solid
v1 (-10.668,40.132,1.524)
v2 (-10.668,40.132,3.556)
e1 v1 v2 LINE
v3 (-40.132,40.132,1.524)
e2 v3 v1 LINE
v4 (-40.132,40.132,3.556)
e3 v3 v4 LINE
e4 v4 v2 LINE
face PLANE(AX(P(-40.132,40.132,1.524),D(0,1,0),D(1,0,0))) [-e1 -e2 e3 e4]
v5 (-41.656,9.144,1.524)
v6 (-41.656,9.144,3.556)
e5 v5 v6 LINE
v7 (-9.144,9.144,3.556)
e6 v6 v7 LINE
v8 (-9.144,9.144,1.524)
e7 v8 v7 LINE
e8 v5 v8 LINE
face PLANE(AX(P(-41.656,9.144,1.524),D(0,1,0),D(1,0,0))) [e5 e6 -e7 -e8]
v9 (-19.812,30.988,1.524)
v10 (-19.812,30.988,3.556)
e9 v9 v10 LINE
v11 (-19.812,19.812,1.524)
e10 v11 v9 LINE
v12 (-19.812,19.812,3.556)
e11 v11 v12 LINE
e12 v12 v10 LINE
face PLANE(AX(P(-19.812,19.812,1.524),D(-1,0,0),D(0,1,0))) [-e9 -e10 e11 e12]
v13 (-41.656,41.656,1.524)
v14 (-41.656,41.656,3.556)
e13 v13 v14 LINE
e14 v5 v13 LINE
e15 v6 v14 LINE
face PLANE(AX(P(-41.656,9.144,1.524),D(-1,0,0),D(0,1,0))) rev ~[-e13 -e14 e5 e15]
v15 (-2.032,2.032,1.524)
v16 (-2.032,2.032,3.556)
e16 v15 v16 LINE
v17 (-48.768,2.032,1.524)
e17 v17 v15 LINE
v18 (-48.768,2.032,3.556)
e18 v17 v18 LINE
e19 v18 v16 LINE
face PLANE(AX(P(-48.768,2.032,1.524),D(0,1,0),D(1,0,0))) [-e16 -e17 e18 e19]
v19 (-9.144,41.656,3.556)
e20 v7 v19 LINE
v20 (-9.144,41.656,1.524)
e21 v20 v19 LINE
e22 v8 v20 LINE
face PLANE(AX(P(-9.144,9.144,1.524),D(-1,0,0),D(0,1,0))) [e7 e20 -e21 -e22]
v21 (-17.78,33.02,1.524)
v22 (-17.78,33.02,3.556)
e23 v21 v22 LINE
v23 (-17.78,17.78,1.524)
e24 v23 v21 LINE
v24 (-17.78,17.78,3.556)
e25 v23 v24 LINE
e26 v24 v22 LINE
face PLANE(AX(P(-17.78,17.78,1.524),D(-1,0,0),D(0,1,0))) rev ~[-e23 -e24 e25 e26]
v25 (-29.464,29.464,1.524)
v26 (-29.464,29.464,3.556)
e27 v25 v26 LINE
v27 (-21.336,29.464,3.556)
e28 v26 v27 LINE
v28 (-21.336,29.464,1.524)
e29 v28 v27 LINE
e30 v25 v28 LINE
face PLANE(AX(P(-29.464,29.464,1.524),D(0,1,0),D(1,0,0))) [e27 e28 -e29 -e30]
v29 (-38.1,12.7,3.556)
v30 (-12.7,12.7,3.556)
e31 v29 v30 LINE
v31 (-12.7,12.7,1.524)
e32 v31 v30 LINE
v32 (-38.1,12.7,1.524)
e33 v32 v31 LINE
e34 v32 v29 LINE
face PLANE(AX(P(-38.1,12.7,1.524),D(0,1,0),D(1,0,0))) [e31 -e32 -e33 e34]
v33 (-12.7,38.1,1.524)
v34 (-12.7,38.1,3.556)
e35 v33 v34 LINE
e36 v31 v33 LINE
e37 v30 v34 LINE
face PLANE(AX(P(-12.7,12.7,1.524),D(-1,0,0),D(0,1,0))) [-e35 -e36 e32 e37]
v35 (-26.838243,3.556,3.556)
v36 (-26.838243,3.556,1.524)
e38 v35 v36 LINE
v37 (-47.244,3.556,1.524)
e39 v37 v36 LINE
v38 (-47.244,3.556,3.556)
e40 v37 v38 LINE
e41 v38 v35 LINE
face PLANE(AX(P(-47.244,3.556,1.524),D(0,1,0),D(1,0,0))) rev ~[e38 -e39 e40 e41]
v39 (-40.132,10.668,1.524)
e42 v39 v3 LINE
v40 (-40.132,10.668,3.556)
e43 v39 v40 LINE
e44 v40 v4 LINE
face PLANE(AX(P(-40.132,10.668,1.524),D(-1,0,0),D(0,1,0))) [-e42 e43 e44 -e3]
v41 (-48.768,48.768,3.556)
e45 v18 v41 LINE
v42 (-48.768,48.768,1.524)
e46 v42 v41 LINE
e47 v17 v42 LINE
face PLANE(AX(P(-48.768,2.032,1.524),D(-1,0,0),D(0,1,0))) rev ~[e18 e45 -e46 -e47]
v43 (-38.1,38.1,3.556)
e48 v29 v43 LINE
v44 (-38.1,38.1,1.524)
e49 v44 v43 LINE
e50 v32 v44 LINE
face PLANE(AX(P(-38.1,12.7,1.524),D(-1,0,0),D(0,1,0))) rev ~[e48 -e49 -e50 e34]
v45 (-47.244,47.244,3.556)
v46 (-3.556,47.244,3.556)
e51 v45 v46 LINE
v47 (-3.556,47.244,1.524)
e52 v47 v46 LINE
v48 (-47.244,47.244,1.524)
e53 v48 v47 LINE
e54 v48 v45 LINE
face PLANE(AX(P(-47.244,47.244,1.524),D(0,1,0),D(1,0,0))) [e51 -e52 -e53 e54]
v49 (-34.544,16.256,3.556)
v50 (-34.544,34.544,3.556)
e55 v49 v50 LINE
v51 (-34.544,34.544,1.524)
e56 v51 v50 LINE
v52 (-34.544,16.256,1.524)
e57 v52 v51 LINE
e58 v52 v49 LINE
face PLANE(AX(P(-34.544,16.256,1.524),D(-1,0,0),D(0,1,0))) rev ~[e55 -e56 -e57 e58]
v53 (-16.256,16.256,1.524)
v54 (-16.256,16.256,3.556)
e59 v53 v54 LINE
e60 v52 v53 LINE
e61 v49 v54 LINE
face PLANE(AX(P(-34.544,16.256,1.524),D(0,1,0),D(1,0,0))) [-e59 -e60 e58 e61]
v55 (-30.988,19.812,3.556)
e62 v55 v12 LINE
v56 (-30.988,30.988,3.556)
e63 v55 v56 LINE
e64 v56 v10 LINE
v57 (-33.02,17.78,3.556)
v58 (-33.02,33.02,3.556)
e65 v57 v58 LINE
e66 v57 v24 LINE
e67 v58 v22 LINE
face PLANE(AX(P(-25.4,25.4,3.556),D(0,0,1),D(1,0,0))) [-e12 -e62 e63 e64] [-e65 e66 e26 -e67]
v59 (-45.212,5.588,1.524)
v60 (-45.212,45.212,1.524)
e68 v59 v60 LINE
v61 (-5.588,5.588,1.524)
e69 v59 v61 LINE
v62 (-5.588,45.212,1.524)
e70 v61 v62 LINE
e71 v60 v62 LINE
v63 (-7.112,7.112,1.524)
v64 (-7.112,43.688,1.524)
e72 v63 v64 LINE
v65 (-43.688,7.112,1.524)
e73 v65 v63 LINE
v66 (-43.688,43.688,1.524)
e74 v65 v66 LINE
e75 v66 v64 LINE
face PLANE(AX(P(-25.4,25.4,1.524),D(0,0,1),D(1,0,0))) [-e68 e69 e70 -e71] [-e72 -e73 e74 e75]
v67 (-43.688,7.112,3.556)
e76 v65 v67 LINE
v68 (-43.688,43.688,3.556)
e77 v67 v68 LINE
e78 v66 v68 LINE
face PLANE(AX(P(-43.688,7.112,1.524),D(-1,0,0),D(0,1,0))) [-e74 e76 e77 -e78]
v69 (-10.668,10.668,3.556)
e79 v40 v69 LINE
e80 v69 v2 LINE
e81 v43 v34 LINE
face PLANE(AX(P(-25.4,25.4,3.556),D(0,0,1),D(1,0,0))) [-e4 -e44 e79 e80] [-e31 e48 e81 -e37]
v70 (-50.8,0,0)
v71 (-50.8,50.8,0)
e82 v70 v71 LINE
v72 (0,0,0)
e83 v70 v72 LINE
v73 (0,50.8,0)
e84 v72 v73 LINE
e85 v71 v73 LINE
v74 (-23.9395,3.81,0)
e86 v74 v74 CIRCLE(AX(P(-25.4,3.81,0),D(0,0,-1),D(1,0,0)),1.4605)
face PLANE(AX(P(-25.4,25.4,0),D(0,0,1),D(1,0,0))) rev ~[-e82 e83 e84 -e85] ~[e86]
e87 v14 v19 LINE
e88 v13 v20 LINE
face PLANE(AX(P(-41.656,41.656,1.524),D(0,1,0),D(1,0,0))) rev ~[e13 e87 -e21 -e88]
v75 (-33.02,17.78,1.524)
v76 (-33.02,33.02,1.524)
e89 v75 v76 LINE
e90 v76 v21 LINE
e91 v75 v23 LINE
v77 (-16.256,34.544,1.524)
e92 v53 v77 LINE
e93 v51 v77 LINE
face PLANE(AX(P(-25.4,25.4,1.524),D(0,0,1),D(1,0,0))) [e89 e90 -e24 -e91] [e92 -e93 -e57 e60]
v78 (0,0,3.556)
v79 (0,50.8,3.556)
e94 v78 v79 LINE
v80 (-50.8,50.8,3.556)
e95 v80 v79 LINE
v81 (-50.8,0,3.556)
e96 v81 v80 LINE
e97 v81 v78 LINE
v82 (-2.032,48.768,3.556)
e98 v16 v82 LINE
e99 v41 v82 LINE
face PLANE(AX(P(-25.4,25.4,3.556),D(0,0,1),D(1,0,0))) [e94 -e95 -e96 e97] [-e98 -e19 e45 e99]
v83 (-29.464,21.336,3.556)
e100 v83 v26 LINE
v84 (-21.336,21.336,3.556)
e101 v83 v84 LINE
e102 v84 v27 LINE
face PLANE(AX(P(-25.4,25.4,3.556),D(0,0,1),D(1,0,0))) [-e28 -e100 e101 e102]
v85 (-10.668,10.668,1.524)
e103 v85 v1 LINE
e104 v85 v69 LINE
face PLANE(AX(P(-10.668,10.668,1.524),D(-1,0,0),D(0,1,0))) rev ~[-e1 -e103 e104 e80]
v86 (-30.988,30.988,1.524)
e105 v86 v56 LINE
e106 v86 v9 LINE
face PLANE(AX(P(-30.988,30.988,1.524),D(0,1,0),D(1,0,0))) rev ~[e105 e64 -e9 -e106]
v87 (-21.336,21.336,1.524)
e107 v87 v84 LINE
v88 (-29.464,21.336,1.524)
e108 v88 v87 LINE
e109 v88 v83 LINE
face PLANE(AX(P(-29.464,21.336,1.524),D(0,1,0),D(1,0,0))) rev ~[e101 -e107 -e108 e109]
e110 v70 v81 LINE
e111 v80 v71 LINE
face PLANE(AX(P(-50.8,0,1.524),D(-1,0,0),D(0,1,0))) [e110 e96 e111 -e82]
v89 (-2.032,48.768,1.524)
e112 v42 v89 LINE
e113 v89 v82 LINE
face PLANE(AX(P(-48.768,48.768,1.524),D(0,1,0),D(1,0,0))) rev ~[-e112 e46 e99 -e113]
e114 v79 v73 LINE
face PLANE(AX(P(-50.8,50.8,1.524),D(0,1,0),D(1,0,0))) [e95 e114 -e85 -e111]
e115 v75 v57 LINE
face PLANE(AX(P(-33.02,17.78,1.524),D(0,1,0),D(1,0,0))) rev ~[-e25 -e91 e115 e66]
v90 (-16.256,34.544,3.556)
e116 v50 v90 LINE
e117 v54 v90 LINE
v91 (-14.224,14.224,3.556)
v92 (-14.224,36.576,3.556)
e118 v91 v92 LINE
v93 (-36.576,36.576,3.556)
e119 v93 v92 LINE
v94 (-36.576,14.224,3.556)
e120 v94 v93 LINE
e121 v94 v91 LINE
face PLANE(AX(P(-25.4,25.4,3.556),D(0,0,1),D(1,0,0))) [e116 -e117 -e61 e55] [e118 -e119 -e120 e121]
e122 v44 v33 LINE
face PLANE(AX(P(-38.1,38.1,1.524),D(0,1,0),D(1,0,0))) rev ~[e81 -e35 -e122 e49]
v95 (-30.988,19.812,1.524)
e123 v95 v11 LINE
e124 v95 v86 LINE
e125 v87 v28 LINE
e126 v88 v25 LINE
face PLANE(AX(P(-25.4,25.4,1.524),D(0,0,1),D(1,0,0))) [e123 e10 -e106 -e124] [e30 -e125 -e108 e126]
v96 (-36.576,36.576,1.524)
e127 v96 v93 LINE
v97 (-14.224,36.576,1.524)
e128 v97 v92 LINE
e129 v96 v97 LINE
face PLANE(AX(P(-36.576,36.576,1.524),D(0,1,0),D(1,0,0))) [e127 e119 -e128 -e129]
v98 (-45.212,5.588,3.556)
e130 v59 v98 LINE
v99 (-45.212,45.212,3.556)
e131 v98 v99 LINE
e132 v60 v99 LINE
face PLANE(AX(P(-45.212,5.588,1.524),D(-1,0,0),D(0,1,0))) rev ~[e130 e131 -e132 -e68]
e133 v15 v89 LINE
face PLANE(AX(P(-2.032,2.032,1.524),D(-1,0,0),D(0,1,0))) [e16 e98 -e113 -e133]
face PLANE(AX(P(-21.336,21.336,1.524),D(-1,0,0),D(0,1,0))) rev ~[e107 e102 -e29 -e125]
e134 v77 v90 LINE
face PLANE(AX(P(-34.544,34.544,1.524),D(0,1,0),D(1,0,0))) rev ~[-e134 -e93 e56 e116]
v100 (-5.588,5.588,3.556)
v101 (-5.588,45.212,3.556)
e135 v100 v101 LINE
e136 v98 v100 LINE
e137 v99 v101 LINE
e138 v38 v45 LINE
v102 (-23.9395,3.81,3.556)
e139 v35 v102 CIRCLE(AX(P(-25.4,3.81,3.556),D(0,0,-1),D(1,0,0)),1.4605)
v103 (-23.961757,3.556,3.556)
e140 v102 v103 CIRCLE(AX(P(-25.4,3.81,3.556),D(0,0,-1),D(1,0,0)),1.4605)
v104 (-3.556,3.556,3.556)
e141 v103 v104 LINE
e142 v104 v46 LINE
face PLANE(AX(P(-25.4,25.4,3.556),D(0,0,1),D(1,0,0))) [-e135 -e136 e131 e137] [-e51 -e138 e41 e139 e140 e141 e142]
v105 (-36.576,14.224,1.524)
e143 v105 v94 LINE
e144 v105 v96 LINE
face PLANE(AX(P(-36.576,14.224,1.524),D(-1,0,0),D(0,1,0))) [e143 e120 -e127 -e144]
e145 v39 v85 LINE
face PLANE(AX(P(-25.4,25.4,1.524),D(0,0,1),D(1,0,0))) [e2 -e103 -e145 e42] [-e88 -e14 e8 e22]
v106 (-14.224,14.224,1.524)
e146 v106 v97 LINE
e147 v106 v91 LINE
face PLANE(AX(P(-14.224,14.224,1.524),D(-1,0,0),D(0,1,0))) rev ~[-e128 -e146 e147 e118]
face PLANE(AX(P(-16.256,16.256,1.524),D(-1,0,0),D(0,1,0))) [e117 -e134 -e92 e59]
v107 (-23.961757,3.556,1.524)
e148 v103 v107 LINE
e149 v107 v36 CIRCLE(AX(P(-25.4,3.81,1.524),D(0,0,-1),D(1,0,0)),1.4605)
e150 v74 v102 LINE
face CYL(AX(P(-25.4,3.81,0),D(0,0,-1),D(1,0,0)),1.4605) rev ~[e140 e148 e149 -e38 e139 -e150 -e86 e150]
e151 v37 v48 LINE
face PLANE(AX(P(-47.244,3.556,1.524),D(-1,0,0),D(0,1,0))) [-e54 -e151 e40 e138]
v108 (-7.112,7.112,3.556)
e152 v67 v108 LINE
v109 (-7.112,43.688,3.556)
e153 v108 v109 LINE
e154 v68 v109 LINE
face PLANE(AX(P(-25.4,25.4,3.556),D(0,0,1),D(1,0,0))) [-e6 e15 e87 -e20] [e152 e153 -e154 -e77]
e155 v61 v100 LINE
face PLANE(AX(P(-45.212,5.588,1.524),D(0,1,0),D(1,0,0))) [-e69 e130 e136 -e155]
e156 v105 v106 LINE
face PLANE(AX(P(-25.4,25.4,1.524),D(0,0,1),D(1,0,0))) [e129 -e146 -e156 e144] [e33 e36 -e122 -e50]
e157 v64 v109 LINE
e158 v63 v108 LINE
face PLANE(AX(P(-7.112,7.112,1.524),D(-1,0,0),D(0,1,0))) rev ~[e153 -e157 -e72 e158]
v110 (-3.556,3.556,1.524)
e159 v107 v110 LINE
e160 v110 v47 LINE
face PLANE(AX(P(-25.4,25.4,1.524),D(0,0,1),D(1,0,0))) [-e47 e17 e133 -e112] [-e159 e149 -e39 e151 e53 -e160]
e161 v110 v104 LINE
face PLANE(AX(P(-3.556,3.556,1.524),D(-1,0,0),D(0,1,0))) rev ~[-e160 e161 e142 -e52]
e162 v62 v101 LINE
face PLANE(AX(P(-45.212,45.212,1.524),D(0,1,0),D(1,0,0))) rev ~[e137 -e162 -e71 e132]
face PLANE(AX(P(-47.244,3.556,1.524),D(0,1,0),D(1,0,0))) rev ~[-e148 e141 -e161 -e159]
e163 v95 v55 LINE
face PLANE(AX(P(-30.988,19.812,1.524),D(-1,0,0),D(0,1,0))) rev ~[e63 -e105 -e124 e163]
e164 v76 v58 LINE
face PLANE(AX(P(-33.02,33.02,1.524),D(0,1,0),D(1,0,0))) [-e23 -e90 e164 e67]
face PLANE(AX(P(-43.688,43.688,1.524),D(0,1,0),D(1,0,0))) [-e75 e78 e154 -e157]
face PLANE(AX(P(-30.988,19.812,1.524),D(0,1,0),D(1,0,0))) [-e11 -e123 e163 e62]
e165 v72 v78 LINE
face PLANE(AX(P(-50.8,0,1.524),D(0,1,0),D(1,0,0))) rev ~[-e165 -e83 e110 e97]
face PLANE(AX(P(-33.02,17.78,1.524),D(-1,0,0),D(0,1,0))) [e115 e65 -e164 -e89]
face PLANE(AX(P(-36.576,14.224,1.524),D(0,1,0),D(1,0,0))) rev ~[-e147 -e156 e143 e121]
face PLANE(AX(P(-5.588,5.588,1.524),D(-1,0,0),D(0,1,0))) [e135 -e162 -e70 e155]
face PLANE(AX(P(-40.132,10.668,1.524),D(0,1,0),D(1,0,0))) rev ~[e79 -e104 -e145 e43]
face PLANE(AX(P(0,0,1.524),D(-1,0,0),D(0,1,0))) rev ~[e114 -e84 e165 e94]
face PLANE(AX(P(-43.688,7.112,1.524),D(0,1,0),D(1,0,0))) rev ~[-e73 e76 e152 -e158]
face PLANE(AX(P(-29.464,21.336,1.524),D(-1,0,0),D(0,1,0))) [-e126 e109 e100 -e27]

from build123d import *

# Parameters (mm, degrees)
F0_W     = 50.8
F0_H     = 50.8
F1_DEPTH = 1.524
F2_W     = 50.8
F2_H     = 50.8
F2_W_2   = 46.736
F2_H_2   = 46.736
F2_W_3   = 43.688
F2_H_3   = 43.688
F2_W_4   = 39.624
F2_H_4   = 39.624
F2_W_5   = 36.576
F2_H_5   = 36.576
F2_W_6   = 32.512
F2_H_6   = 32.512
F2_W_7   = 29.464
F2_H_7   = 29.464
F2_W_8   = 25.4
F2_H_8   = 25.4
F2_W_9   = 22.352
F2_H_9   = 22.352
F2_W_10  = 18.288
F2_H_10  = 18.288
F2_W_11  = 15.24
F2_H_11  = 15.24
F2_W_12  = 11.176
F2_H_12  = 11.176
F2_W_13  = 8.128
F2_H_13  = 8.128
F3_DEPTH = 2.032
F4_R     = 1.4605
F5_DEPTH = 25.4


with BuildPart() as f1:
    # F0 (on Top) → F1 (new body)
    with BuildSketch(Plane.XY):
        with Locations((-25.4, 25.4)):
            Rectangle(F0_W, F0_H)
    extrude(amount=F1_DEPTH)

    # F2 (on face) → F3 (join)
    with BuildSketch(Plane.XY.offset(1.524)):
        with Locations((-25.4, 25.4)):
            Rectangle(F2_W, F2_H)
        with Locations((-25.4, 25.4)):
            Rectangle(F2_W_2, F2_H_2, mode=Mode.SUBTRACT)
        with Locations((-25.4, 25.4)):
            Rectangle(F2_W_3, F2_H_3)
        with Locations((-25.4, 25.4)):
            Rectangle(F2_W_4, F2_H_4, mode=Mode.SUBTRACT)
        with Locations((-25.4, 25.4)):
            Rectangle(F2_W_5, F2_H_5)
        with Locations((-25.4, 25.4)):
            Rectangle(F2_W_6, F2_H_6, mode=Mode.SUBTRACT)
        with Locations((-25.4, 25.4)):
            Rectangle(F2_W_7, F2_H_7)
        with Locations((-25.4, 25.4)):
            Rectangle(F2_W_8, F2_H_8, mode=Mode.SUBTRACT)
        with Locations((-25.4, 25.4)):
            Rectangle(F2_W_9, F2_H_9)
        with Locations((-25.4, 25.4)):
            Rectangle(F2_W_10, F2_H_10, mode=Mode.SUBTRACT)
        with Locations((-25.4, 25.4)):
            Rectangle(F2_W_11, F2_H_11)
        with Locations((-25.4, 25.4)):
            Rectangle(F2_W_12, F2_H_12, mode=Mode.SUBTRACT)
        with Locations((-25.4, 25.4)):
            Rectangle(F2_W_13, F2_H_13)
    extrude(amount=F3_DEPTH)

    # F4 (on face) → F5 (cut)
    with BuildSketch(Plane(origin=(0, 0, 0), x_dir=(1, 0, 0), z_dir=(0, 0, -1))):
        with Locations((-25.4, -3.81)):
            Circle(F4_R)
    extrude(amount=-F5_DEPTH, mode=Mode.SUBTRACT)


solid = f1.part
